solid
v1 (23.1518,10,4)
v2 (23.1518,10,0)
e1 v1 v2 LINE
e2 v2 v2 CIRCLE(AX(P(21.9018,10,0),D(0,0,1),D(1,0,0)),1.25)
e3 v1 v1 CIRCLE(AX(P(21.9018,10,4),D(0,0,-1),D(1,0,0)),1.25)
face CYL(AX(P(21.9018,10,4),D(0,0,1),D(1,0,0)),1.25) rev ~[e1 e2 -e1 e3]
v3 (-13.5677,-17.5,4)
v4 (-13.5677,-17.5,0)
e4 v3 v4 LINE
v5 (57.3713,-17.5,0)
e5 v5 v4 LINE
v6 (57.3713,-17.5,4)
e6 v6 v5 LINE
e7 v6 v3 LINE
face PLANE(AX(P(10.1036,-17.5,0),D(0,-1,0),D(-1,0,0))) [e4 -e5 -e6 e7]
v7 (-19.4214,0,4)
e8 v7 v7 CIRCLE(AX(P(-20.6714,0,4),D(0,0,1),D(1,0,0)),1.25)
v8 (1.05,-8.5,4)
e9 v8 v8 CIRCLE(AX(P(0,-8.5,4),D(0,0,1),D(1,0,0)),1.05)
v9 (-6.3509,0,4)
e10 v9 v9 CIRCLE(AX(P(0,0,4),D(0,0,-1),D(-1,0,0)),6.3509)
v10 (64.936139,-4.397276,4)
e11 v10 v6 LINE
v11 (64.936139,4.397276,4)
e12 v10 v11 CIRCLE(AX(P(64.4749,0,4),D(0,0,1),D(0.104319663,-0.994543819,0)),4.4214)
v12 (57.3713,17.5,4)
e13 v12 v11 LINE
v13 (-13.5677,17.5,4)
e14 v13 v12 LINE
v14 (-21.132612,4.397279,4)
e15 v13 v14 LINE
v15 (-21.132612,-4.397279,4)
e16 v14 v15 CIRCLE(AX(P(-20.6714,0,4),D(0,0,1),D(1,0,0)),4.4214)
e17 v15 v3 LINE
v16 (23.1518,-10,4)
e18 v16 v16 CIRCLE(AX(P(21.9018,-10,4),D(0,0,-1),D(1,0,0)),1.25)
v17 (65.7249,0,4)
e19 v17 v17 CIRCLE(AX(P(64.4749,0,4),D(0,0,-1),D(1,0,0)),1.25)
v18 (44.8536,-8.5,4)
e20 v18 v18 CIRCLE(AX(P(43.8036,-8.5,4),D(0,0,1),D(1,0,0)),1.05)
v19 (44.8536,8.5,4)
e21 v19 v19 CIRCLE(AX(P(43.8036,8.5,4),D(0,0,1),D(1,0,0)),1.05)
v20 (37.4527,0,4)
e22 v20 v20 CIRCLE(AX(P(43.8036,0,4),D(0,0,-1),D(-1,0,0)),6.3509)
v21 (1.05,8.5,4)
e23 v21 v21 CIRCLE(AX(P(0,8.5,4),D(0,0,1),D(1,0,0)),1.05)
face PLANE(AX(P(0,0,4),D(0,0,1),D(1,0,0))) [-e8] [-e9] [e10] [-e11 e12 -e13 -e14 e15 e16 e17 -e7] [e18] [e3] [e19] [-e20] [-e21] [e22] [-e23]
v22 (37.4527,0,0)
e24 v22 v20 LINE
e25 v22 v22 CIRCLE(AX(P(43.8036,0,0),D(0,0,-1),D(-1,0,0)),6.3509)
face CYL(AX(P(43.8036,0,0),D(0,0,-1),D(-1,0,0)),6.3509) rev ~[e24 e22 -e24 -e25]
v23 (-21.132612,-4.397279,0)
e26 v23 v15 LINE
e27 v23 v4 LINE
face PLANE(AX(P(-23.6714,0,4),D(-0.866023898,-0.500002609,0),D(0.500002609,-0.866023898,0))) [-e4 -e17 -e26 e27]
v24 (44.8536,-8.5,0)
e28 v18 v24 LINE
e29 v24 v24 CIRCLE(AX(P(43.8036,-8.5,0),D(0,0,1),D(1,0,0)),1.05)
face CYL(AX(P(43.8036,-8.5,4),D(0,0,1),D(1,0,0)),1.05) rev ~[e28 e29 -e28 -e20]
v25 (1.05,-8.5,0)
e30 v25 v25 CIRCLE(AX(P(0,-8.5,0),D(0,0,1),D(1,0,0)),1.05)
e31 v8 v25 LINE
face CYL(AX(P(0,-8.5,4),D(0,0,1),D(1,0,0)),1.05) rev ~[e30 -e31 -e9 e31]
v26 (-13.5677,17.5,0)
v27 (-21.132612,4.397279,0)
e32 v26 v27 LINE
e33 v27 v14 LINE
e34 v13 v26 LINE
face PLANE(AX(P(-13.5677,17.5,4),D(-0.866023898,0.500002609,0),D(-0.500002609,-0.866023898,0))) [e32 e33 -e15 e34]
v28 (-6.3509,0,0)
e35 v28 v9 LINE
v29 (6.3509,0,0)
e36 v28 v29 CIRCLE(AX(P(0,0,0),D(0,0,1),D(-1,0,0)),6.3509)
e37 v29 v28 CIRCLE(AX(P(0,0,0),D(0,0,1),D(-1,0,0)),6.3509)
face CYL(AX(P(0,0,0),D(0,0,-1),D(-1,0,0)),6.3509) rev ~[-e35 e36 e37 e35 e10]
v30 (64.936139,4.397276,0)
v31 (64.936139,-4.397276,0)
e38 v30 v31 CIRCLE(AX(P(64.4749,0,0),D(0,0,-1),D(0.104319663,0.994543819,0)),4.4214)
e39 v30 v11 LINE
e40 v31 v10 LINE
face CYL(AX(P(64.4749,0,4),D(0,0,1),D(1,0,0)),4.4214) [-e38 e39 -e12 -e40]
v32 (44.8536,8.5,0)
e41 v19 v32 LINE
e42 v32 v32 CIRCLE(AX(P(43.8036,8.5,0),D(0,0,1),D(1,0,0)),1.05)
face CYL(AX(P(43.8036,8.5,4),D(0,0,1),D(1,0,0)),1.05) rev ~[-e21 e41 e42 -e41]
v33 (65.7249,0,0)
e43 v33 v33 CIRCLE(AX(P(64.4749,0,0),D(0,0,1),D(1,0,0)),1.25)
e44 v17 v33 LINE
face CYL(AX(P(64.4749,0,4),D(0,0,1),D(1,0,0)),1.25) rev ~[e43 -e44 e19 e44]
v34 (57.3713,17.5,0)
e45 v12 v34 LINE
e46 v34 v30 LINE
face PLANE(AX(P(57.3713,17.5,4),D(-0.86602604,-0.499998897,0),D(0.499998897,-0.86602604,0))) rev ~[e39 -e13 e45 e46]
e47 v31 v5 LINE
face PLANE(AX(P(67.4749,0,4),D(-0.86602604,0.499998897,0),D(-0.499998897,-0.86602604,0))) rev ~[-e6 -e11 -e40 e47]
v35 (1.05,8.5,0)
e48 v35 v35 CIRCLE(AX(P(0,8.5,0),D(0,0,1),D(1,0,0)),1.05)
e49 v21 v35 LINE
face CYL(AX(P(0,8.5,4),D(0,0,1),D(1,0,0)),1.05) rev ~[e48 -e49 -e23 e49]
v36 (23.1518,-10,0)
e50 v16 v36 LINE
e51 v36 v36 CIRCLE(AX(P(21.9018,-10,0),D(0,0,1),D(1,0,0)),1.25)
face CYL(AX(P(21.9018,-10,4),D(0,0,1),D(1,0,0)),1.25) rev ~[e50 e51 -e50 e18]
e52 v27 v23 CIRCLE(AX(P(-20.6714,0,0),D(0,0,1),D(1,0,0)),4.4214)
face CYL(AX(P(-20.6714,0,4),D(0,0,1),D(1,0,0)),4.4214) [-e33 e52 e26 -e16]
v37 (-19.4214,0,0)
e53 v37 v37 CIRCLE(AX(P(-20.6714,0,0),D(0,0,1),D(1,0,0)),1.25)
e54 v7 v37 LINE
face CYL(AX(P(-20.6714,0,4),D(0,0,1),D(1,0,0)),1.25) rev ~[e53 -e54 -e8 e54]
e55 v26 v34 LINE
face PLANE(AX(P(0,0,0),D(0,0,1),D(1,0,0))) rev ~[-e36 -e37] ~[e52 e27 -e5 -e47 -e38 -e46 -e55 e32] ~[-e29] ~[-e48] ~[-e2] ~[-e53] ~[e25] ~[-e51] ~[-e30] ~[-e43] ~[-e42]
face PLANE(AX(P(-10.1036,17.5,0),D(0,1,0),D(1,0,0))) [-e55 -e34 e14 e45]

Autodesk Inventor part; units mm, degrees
ref_plane "YZ Plane" through (0, 0, 0) normal (1, 0, 0) x (0, 1, 0)
ref_plane "XZ Plane" through (0, 0, 0) normal (0, 1, 0) x (-1, 0, 0)
ref_plane "XY Plane" through (0, 0, 0) normal (0, 0, 1) x (1, 0, 0)
sketch "Sketch1" plane through (0, 0, 0) normal (0, 0, 1) x (1, 0, 0)
  circle A0 centre (0, 0) radius 3.5
  circle A1 centre (43.8036, 0) radius 3.5
  line L0 (-20.2073, 0) -> (-10.1036, 17.5)
  line L1 (-10.1036, 17.5) -> (10.1036, 17.5)
  line L2 (10.1036, 17.5) -> (20.2073, 0)
  line L3 (20.2073, 0) -> (10.1036, -17.5)
  line L4 (10.1036, -17.5) -> (-10.1036, -17.5)
  line L5 (-10.1036, -17.5) -> (-20.2073, 0)
  line L6 (64.0108, 0) -> (53.9072, -17.5)
  line L7 (53.9072, -17.5) -> (33.6999, -17.5)
  line L8 (33.6999, -17.5) -> (23.5963, 0)
  line L9 (23.5963, 0) -> (33.6999, 17.5)
  line L10 (33.6999, 17.5) -> (53.9072, 17.5)
  line L11 (53.9072, 17.5) -> (64.0108, 0)
  line L12 (10.1036, 17.5) -> (33.6999, 17.5)
  line L13 (10.1036, -17.5) -> (33.6999, -17.5)
  dimension "d0" = 7
  dimension "d1" = 7
  dimension "d2" = 43.8036
  dimension "d3" = 35
extrude "Extrusion1" add sketch "Sketch1" along normal blind 4 contours A0 | L0 L1 L2 L3 L4 L5 | L12 L9 L8 L13 L3 L2 | L10 L11 L6 L7 L8 L9
sketch "Sketch2" plane through (0, 0, 4) normal (0, 0, 1) x (1, 0, 0)
  circle A0 centre (43.8036, 0) radius 3.5 projected
  circle A1 centre (0, 0) radius 3.5 projected
  line L0 (-10.1036, 17.5) -> (-20.2073, 0) projected
  line L1 (-20.2073, 0) -> (-10.1036, -17.5) projected
  line L2 (53.9072, -17.5) -> (64.0108, 0) projected
  line L3 (64.0108, 0) -> (53.9072, 17.5) projected
  line L4 (57.3713, 17.5) -> (67.4749, 0)
  line L5 (67.4749, 0) -> (57.3713, -17.5)
  line L6 (-13.5677, 17.5) -> (-23.6714, 0)
  line L7 (-23.6714, 0) -> (-13.5677, -17.5)
  line L8 (53.9072, 17.5) -> (-10.1036, 17.5) projected
  line L9 (-10.1036, 17.5) -> (-13.5677, 17.5)
  line L10 (-13.5677, -17.5) -> (-10.1036, -17.5)
  line L11 (-10.1036, -17.5) -> (53.9072, -17.5) projected
  line L12 (53.9072, -17.5) -> (57.3713, -17.5)
  line L13 (64.0108, 0) -> (53.9072, 17.5) projected
  line L14 (53.9072, 17.5) -> (57.3713, 17.5)
  point P0 (-11.8357, -17.5)
  dimension "d6" = 3
  dimension "d7" = 3
extrude "Extrusion2" add sketch "Sketch2" against normal up to surface (4 mm away) from surface at 0 contours L0 L1 L10 L7 L6 L9 | L14 L4 L5 L12 L2 L3
sketch "Sketch3" plane through (0, 0, 4) normal (0, 0, 1) x (1, 0, 0)
  circle A0 centre (-20.6714, 0) radius 1.25
  circle A1 centre (64.4749, 0) radius 1.25
  circle A2 centre (21.9018, 10) radius 1.25
  circle A3 centre (21.9018, -10) radius 1.25
  line L0 (21.9018, 10) -> (21.9018, -10)
  line L1 (-13.5677, 17.5) -> (57.3713, 17.5) projected
  line L2 (-20.6714, 0) -> (64.4749, 0)
  point P0 (0, 0)
  point P1 (21.9018, 17.5)
  point P2 (-10.1036, 17.5)
  point P3 (21.9018, 17.5)
  point P4 (21.9018, 0)
  dimension "d10" = 2.5
  dimension "d11" = 2.5
  dimension "d12" = 2.5
  dimension "d13" = 2.5
  dimension "d14" = 20
  dimension "d34" = 85.1463
extrude "Extrusion3" cut sketch "Sketch3" against normal through all
sketch "Sketch4" plane through (0, 0, 4) normal (0, 0, 1) x (1, 0, 0)
  line L0 (0, 8.5) -> (0, -8.5) construction
  line L1 (43.8036, 8.5) -> (43.8036, -8.5) construction
  circle A0 centre (43.8036, 0) radius 3.5 construction
  circle A1 centre (0, 0) radius 3.5 construction
  circle A2 centre (0, 8.5) radius 1.05
  circle A3 centre (0, -8.5) radius 1.05
  circle A4 centre (43.8036, -8.5) radius 1.05
  circle A5 centre (43.8036, 8.5) radius 1.05
  dimension "d19" = 17
  dimension "d20" = 17
  dimension "d21" = 2.1
  dimension "d22" = 2.1
  dimension "d23" = 2.1
  dimension "d24" = 2.1
extrude "Extrusion4" cut sketch "Sketch4" against normal through all
sketch "Sketch8" plane through (0, 0, 4) normal (0, 0, 1) x (1, 0, 0)
  circle A0 centre (-20.6714, 0) radius 1.25 projected
  circle A1 centre (-20.6714, 0) radius 4.4214
  circle A2 centre (64.4749, 0) radius 1.25 projected
  circle A3 centre (64.4749, 0) radius 4.4214
  point P0 (0, 0)
  dimension "d30" = 8.8427
  dimension "d31" = 8.8427
extrude "Extrusion5" add sketch "Sketch8" against normal up to surface (4 mm away) from surface at 0
sketch "Sketch9" plane through (0, 0, 0) normal (0, 0, -1) x (-1, 0, 0)
  line L0 (6.3509, 0) -> (3.1754, -5.5)
  line L1 (3.1754, -5.5) -> (-3.1754, -5.5)
  line L2 (-3.1754, -5.5) -> (-6.3509, 0)
  line L3 (-6.3509, 0) -> (-3.1754, 5.5)
  line L4 (-3.1754, 5.5) -> (3.1754, 5.5)
  line L5 (3.1754, 5.5) -> (6.3509, 0)
  circle A0 centre (-43.8036, 0) radius 3.5
  line L6 (-37.4527, 0) -> (-40.6281, -5.5)
  line L7 (-40.6281, -5.5) -> (-46.979, -5.5)
  line L8 (-46.979, -5.5) -> (-50.1544, 0)
  line L9 (-50.1544, 0) -> (-46.979, 5.5)
  line L10 (-46.979, 5.5) -> (-40.6281, 5.5)
  line L11 (-40.6281, 5.5) -> (-37.4527, 0)
  circle A1 centre (-43.8036, 0) radius 3.5 projected
  circle A2 centre (0, 0) radius 3.5 projected
  dimension "d35" = 11
  dimension "d36" = 11
extrude "Extrusion6" cut sketch "Sketch9" against normal blind 2 contours L0 L1 L2 L3 L4 L5 | A0 | L6 L7 L8 L9 L10 L11 | A2
sketch "Sketch10" plane through (0, 0, 0) normal (0, 0, -1) x (-1, 0, 0)
  line L0 (3.1754, 5.5) -> (6.3509, 0) projected
  circle A0 centre (0, 0) radius 6.3509
  circle A1 centre (-43.8036, 0) radius 3.5 projected
  line L1 (-37.4527, 0) -> (-40.6281, -5.5) projected
  circle A2 centre (-43.8036, 0) radius 6.3509
extrude "Extrusion7" cut sketch "Sketch10" against normal through all contours A0 L0 | L0 A0 | A1 | A2 L1 | L1 A2
equation "\"d7\" = d6"
equation "\"d31\" = d30"
properties part number "AC09" material "ABS Plastic"
